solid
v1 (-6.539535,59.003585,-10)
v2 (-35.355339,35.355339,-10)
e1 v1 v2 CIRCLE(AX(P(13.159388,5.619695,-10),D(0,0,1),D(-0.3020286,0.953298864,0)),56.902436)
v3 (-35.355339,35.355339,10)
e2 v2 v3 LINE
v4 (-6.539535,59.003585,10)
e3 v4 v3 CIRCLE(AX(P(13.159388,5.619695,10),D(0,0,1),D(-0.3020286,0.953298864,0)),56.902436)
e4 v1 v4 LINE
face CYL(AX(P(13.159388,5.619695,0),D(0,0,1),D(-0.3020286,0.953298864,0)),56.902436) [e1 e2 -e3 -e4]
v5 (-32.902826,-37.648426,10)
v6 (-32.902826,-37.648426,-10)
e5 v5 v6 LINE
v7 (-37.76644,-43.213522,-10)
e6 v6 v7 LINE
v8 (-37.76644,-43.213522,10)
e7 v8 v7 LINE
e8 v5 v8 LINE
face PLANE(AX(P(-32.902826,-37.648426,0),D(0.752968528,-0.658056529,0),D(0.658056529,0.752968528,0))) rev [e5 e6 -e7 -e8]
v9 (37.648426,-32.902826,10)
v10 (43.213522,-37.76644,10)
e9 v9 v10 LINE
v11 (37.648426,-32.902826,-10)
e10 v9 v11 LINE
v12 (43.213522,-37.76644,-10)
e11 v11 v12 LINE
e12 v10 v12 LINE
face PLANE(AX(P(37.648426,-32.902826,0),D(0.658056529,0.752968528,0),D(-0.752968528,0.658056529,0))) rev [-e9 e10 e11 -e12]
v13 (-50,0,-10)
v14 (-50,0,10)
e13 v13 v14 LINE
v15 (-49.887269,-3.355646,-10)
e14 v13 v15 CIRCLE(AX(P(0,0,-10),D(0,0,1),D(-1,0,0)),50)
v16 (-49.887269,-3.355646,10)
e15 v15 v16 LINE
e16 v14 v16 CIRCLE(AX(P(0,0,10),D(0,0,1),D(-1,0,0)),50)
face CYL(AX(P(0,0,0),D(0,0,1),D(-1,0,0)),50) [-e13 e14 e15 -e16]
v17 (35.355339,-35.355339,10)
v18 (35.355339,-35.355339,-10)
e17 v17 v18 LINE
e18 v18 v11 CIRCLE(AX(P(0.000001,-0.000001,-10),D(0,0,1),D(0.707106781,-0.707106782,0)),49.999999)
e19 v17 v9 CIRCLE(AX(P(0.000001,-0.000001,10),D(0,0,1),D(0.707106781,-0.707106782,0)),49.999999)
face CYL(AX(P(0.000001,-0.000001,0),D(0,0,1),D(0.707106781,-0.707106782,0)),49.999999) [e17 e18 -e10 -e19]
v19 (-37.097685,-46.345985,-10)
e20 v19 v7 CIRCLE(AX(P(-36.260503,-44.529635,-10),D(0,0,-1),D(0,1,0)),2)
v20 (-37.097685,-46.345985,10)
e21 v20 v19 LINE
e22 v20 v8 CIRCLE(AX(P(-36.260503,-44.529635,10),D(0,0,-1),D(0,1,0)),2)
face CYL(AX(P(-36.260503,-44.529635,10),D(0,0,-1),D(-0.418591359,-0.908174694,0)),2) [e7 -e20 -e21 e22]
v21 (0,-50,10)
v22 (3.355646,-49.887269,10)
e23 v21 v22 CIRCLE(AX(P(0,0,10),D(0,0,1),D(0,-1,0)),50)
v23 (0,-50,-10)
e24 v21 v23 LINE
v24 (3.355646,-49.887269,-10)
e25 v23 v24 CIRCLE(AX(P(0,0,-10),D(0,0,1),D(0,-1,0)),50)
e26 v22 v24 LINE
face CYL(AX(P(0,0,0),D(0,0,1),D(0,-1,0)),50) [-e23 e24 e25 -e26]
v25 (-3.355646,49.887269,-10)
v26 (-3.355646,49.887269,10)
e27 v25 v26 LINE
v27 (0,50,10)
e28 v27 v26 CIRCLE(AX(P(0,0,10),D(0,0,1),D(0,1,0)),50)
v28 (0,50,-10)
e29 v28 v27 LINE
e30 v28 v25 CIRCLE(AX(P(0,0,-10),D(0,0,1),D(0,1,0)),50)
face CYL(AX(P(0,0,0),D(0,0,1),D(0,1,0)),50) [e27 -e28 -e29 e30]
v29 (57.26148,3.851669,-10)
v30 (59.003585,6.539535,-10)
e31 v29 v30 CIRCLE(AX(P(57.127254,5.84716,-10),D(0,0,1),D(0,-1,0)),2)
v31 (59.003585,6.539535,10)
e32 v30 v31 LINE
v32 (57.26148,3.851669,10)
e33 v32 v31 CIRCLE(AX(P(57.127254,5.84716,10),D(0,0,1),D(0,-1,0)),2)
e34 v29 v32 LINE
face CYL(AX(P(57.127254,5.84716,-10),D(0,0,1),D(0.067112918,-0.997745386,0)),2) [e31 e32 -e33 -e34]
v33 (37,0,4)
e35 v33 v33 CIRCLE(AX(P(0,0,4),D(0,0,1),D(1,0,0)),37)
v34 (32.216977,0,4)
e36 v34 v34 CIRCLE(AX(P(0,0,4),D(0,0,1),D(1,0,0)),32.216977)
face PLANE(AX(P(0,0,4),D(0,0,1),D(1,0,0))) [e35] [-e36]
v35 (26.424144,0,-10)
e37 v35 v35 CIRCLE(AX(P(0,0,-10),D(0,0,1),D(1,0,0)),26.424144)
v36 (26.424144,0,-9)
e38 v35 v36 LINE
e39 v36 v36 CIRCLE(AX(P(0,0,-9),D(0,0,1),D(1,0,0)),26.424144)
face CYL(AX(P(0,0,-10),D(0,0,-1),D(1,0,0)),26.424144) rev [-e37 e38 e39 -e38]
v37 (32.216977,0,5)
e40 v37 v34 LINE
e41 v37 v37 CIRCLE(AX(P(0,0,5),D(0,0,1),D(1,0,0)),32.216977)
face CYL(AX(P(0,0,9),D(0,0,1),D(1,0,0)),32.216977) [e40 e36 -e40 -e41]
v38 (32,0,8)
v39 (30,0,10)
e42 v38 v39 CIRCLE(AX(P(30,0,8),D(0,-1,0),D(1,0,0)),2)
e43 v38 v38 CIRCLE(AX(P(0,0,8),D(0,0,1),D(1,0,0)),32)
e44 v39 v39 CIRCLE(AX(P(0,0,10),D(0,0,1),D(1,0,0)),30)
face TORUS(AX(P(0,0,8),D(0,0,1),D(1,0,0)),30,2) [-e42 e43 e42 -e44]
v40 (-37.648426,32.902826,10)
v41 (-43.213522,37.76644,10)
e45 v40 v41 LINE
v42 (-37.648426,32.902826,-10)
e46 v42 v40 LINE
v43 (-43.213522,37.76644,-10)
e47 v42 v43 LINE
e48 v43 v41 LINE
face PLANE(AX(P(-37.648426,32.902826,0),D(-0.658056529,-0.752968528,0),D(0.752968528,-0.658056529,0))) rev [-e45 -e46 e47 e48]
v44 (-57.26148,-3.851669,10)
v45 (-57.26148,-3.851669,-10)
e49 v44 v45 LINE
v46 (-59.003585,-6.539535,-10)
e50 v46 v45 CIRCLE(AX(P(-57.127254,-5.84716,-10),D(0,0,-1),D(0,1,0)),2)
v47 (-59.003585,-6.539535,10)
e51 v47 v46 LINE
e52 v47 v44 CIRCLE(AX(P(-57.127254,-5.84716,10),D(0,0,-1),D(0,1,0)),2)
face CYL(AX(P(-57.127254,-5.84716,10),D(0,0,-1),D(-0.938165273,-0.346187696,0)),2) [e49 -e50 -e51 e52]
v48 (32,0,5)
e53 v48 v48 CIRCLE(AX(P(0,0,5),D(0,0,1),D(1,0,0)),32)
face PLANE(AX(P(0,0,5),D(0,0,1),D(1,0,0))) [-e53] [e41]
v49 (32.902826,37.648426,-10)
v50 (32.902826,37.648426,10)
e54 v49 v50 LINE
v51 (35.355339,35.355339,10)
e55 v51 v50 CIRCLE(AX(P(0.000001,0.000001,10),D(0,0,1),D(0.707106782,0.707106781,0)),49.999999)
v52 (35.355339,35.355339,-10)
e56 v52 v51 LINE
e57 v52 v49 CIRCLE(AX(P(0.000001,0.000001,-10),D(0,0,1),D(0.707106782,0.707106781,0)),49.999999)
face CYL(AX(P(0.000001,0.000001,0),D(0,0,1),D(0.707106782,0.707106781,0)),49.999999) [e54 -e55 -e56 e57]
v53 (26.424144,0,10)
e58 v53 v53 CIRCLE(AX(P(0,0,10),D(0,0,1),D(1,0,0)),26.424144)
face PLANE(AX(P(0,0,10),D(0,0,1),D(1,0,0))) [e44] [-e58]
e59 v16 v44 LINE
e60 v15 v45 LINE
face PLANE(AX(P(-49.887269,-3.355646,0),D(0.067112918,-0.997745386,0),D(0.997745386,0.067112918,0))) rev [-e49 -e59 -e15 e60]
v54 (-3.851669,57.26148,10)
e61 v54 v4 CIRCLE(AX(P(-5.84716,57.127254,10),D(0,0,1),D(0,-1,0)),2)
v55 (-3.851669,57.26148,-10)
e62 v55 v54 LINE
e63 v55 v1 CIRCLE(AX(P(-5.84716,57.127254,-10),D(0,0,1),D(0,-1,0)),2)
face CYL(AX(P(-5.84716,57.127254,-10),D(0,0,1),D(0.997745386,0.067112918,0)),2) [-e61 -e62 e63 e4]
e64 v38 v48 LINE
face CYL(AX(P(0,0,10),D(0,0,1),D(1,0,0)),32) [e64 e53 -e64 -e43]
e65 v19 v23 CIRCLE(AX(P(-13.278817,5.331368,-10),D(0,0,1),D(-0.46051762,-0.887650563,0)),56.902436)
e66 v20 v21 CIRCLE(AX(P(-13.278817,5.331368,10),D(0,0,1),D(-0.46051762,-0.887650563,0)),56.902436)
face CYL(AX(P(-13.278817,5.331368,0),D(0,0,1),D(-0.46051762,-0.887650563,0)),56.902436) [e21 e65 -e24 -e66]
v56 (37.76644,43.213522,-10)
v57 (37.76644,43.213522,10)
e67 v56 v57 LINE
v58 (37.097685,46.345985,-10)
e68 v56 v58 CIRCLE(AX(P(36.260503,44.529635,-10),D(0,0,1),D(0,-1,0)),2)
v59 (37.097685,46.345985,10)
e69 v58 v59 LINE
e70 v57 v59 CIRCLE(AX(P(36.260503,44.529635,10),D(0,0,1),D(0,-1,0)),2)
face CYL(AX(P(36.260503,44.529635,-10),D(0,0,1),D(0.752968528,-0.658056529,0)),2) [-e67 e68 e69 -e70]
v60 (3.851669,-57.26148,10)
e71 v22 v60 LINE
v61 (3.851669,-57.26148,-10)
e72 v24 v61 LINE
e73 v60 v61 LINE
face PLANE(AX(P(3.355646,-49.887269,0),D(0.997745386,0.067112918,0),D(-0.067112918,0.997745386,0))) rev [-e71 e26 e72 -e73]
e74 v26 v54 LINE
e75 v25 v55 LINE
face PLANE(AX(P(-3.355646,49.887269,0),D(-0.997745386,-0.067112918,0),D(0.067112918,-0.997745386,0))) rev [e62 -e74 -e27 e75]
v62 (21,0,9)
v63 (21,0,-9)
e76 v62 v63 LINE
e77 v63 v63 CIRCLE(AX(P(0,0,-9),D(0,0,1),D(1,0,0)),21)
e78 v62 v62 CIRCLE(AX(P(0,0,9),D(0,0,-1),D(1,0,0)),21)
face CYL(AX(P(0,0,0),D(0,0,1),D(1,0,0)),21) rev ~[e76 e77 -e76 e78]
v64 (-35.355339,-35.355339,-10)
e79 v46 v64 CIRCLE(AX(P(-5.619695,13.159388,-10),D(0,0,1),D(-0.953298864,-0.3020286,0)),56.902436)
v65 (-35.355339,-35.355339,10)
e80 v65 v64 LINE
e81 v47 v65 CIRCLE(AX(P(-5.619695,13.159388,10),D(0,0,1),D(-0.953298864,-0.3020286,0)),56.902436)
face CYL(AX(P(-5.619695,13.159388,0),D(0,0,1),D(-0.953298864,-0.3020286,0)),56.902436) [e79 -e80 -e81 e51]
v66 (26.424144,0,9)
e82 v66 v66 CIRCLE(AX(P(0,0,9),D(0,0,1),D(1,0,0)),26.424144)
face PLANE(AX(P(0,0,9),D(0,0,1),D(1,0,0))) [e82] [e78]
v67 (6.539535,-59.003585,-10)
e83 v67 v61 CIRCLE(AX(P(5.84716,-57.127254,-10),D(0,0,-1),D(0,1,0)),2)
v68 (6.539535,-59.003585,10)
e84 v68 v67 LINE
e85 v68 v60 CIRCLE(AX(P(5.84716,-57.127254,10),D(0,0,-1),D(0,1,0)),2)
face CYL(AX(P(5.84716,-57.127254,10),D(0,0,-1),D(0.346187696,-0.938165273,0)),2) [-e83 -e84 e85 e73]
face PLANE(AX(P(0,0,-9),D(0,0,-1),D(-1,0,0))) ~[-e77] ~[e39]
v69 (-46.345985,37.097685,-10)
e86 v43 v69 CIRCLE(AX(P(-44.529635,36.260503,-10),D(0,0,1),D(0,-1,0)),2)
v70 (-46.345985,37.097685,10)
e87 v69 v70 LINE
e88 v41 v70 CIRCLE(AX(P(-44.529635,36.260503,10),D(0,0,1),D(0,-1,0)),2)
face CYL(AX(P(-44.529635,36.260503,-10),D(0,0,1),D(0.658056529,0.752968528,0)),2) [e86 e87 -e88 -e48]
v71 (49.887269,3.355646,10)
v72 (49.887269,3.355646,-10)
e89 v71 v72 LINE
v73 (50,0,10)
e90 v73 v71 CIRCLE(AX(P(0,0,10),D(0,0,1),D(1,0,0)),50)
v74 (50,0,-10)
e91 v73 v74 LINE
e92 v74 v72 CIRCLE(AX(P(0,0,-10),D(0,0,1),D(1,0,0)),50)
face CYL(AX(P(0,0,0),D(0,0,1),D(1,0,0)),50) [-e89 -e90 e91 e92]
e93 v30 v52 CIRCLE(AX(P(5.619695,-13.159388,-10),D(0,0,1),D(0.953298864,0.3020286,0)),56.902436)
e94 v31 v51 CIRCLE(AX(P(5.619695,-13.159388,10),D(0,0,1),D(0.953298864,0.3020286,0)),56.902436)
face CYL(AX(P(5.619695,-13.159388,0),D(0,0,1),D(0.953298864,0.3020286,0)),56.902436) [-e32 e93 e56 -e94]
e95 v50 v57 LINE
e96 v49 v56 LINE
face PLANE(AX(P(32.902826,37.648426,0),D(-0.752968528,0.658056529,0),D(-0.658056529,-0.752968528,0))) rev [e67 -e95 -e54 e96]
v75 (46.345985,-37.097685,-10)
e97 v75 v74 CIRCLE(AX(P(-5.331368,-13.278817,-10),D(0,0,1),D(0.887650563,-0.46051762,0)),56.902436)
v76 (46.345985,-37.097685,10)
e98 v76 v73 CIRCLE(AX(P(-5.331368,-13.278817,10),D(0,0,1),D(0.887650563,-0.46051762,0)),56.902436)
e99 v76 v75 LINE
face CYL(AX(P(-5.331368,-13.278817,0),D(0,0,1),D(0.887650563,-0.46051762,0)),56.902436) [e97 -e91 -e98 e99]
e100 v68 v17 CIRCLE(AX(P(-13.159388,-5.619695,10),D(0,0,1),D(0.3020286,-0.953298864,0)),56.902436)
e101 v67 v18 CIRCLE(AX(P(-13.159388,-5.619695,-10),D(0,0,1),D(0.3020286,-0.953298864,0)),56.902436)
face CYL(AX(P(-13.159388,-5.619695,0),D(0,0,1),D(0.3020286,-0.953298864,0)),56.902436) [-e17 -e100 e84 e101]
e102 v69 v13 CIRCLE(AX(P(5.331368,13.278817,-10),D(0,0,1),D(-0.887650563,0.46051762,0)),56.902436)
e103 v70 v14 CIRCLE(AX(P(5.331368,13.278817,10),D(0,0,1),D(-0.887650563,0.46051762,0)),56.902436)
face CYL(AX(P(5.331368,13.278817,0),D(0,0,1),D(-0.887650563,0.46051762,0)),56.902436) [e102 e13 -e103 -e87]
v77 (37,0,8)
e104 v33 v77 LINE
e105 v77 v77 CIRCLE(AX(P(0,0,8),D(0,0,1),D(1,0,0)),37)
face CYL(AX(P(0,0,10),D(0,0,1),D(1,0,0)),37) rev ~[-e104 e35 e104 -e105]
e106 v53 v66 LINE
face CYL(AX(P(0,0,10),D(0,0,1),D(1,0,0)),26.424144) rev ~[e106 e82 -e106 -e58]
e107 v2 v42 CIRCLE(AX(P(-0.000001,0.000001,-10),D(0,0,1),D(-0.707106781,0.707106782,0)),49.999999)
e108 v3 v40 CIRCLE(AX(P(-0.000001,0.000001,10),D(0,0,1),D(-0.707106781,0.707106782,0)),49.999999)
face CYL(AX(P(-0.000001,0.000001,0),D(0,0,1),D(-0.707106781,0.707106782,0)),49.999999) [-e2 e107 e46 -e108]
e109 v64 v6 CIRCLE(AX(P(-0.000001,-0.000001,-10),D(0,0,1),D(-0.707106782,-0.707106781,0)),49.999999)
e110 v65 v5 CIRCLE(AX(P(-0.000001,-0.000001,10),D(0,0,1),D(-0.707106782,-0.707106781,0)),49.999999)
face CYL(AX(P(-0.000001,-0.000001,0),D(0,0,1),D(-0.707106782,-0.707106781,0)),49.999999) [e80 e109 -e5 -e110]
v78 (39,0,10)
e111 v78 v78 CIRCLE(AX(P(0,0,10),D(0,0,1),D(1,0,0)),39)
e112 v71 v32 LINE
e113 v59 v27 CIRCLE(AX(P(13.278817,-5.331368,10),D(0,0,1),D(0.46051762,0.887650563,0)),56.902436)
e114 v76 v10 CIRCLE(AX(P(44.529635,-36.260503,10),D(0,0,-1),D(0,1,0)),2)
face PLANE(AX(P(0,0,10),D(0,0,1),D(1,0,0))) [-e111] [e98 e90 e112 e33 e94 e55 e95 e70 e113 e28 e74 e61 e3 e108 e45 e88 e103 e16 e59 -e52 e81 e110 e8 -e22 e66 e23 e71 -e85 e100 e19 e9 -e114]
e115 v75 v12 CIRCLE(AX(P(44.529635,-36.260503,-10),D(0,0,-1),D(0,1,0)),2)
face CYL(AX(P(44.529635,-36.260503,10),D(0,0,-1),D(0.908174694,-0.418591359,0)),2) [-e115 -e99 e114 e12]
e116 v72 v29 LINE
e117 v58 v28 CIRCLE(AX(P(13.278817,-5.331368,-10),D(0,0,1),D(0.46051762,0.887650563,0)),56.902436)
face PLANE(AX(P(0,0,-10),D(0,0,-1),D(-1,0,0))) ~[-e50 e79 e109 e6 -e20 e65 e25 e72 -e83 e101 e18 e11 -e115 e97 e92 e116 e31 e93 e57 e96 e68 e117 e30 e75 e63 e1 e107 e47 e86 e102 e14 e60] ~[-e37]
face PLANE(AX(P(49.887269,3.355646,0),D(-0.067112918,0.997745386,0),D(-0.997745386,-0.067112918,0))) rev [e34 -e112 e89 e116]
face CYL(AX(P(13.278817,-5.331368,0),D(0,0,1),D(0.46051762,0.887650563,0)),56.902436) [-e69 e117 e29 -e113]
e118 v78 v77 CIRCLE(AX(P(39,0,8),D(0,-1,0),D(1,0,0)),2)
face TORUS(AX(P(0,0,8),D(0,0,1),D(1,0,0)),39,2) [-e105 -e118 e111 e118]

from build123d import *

# Parameters (mm, degrees)
SKETCH1_R           = 21
BOSS_EXTRUDE1_DEPTH = 10
SKETCH11_R          = 26.424144251
CUT_EXTRUDE2_DEPTH  = 1
FILLET1_R           = 2
SKETCH12_R          = 37
SKETCH12_R_2        = 32.216977435
CUT_EXTRUDE3_DEPTH  = 5
SKETCH13_R          = 37
SKETCH13_R_2        = 32
CUT_EXTRUDE5_DEPTH  = 5
FILLET2_R           = 2


with BuildPart() as part:
    # Sketch1 → Boss-Extrude1 (new body)
    with BuildSketch(Plane.XY):
        with BuildLine():
            Line((49.887269323, 3.355645919), (59.864723187, 4.026775102))
            ThreePointArc((59.864723187, 4.026775102), (50.436634414, 21.90240344), (35.355339059, 35.355339059))
            ThreePointArc((35.355339059, 35.355339059), (34.148336007, 36.52247456), (32.902826449, 37.648426417))
            Line((32.902826449, 37.648426417), (39.483391738, 45.178111701))
            ThreePointArc((39.483391738, 45.178111701), (20.176748218, 51.151424211), (0, 50))
            ThreePointArc((0, 50), (-1.67876947, 49.971809384), (-3.355645919, 49.887269323))
            Line((-3.355645919, 49.887269323), (-4.026775102, 59.864723187))
            ThreePointArc((-4.026775102, 59.864723187), (-21.90240344, 50.436634414), (-35.355339059, 35.355339059))
            ThreePointArc((-35.355339059, 35.355339059), (-36.52247456, 34.148336007), (-37.648426417, 32.902826449))
            Line((-37.648426417, 32.902826449), (-45.178111701, 39.483391738))
            ThreePointArc((-45.178111701, 39.483391738), (-51.151424211, 20.176748218), (-50, 0))
            ThreePointArc((-50, 0), (-49.971809384, -1.67876947), (-49.887269323, -3.355645919))
            Line((-49.887269323, -3.355645919), (-59.864723187, -4.026775102))
            ThreePointArc((-59.864723187, -4.026775102), (-50.436634414, -21.90240344), (-35.355339059, -35.355339059))
            ThreePointArc((-35.355339059, -35.355339059), (-34.148336007, -36.52247456), (-32.902826449, -37.648426417))
            Line((-32.902826449, -37.648426417), (-39.483391738, -45.178111701))
            ThreePointArc((-39.483391738, -45.178111701), (-20.176748218, -51.151424211), (0, -50))
            ThreePointArc((0, -50), (1.67876947, -49.971809384), (3.355645919, -49.887269323))
            Line((3.355645919, -49.887269323), (4.026775102, -59.864723187))
            ThreePointArc((4.026775102, -59.864723187), (21.90240344, -50.436634414), (35.355339059, -35.355339059))
            ThreePointArc((35.355339059, -35.355339059), (36.52247456, -34.148336007), (37.648426417, -32.902826449))
            Line((37.648426417, -32.902826449), (45.178111701, -39.483391738))
            ThreePointArc((45.178111701, -39.483391738), (51.151424211, -20.176748218), (50, 0))
            ThreePointArc((50, 0), (49.971809384, 1.67876947), (49.887269323, 3.355645919))
        make_face()
        Circle(SKETCH1_R, mode=Mode.SUBTRACT)
    boss_extrude1 = extrude(amount=BOSS_EXTRUDE1_DEPTH)

    # Sketch11 → Cut-Extrude2 (cut)
    with BuildSketch(Plane.XY.offset(10)):
        Circle(SKETCH11_R)
    cut_extrude2 = extrude(amount=-CUT_EXTRUDE2_DEPTH, mode=Mode.SUBTRACT)

    # Mirror1: Boss-Extrude1, Cut-Extrude2 across Front Plane
    add(boss_extrude1.mirror(Plane.XY))
    add(cut_extrude2.mirror(Plane.XY), mode=Mode.SUBTRACT)

    # Fillet1
    fillet1_edges = [part.edges().sort_by_distance(p)[0] for p in [
        (59.864723187, 4.026775102, 0),
        (45.178111701, -39.483391738, 0),
        (4.026775102, -59.864723187, 0),
        (-39.483391738, -45.178111701, 0),
        (-59.864723187, -4.026775102, 0),
        (-45.178111701, 39.483391738, 0),
        (-4.026775102, 59.864723187, 0),
        (39.483391738, 45.178111701, 0),
    ]]
    fillet(fillet1_edges, radius=FILLET1_R)

    # Sketch12 → Cut-Extrude3 (cut)
    with BuildSketch(Plane.XY.offset(9)):
        Circle(SKETCH12_R)
        Circle(SKETCH12_R_2, mode=Mode.SUBTRACT)
    extrude(amount=-CUT_EXTRUDE3_DEPTH, mode=Mode.SUBTRACT)

    # Sketch13 → Cut-Extrude5 (cut)
    with BuildSketch(Plane.XY.offset(10)):
        Circle(SKETCH13_R)
        Circle(SKETCH13_R_2, mode=Mode.SUBTRACT)
    extrude(amount=-CUT_EXTRUDE5_DEPTH, mode=Mode.SUBTRACT)

    # Fillet2
    fillet2_edges = [part.edges().sort_by_distance(p)[0] for p in [
        (-37, 0, 10),
        (-32, 0, 10),
    ]]
    fillet(fillet2_edges, radius=FILLET2_R)


solid = part.part
